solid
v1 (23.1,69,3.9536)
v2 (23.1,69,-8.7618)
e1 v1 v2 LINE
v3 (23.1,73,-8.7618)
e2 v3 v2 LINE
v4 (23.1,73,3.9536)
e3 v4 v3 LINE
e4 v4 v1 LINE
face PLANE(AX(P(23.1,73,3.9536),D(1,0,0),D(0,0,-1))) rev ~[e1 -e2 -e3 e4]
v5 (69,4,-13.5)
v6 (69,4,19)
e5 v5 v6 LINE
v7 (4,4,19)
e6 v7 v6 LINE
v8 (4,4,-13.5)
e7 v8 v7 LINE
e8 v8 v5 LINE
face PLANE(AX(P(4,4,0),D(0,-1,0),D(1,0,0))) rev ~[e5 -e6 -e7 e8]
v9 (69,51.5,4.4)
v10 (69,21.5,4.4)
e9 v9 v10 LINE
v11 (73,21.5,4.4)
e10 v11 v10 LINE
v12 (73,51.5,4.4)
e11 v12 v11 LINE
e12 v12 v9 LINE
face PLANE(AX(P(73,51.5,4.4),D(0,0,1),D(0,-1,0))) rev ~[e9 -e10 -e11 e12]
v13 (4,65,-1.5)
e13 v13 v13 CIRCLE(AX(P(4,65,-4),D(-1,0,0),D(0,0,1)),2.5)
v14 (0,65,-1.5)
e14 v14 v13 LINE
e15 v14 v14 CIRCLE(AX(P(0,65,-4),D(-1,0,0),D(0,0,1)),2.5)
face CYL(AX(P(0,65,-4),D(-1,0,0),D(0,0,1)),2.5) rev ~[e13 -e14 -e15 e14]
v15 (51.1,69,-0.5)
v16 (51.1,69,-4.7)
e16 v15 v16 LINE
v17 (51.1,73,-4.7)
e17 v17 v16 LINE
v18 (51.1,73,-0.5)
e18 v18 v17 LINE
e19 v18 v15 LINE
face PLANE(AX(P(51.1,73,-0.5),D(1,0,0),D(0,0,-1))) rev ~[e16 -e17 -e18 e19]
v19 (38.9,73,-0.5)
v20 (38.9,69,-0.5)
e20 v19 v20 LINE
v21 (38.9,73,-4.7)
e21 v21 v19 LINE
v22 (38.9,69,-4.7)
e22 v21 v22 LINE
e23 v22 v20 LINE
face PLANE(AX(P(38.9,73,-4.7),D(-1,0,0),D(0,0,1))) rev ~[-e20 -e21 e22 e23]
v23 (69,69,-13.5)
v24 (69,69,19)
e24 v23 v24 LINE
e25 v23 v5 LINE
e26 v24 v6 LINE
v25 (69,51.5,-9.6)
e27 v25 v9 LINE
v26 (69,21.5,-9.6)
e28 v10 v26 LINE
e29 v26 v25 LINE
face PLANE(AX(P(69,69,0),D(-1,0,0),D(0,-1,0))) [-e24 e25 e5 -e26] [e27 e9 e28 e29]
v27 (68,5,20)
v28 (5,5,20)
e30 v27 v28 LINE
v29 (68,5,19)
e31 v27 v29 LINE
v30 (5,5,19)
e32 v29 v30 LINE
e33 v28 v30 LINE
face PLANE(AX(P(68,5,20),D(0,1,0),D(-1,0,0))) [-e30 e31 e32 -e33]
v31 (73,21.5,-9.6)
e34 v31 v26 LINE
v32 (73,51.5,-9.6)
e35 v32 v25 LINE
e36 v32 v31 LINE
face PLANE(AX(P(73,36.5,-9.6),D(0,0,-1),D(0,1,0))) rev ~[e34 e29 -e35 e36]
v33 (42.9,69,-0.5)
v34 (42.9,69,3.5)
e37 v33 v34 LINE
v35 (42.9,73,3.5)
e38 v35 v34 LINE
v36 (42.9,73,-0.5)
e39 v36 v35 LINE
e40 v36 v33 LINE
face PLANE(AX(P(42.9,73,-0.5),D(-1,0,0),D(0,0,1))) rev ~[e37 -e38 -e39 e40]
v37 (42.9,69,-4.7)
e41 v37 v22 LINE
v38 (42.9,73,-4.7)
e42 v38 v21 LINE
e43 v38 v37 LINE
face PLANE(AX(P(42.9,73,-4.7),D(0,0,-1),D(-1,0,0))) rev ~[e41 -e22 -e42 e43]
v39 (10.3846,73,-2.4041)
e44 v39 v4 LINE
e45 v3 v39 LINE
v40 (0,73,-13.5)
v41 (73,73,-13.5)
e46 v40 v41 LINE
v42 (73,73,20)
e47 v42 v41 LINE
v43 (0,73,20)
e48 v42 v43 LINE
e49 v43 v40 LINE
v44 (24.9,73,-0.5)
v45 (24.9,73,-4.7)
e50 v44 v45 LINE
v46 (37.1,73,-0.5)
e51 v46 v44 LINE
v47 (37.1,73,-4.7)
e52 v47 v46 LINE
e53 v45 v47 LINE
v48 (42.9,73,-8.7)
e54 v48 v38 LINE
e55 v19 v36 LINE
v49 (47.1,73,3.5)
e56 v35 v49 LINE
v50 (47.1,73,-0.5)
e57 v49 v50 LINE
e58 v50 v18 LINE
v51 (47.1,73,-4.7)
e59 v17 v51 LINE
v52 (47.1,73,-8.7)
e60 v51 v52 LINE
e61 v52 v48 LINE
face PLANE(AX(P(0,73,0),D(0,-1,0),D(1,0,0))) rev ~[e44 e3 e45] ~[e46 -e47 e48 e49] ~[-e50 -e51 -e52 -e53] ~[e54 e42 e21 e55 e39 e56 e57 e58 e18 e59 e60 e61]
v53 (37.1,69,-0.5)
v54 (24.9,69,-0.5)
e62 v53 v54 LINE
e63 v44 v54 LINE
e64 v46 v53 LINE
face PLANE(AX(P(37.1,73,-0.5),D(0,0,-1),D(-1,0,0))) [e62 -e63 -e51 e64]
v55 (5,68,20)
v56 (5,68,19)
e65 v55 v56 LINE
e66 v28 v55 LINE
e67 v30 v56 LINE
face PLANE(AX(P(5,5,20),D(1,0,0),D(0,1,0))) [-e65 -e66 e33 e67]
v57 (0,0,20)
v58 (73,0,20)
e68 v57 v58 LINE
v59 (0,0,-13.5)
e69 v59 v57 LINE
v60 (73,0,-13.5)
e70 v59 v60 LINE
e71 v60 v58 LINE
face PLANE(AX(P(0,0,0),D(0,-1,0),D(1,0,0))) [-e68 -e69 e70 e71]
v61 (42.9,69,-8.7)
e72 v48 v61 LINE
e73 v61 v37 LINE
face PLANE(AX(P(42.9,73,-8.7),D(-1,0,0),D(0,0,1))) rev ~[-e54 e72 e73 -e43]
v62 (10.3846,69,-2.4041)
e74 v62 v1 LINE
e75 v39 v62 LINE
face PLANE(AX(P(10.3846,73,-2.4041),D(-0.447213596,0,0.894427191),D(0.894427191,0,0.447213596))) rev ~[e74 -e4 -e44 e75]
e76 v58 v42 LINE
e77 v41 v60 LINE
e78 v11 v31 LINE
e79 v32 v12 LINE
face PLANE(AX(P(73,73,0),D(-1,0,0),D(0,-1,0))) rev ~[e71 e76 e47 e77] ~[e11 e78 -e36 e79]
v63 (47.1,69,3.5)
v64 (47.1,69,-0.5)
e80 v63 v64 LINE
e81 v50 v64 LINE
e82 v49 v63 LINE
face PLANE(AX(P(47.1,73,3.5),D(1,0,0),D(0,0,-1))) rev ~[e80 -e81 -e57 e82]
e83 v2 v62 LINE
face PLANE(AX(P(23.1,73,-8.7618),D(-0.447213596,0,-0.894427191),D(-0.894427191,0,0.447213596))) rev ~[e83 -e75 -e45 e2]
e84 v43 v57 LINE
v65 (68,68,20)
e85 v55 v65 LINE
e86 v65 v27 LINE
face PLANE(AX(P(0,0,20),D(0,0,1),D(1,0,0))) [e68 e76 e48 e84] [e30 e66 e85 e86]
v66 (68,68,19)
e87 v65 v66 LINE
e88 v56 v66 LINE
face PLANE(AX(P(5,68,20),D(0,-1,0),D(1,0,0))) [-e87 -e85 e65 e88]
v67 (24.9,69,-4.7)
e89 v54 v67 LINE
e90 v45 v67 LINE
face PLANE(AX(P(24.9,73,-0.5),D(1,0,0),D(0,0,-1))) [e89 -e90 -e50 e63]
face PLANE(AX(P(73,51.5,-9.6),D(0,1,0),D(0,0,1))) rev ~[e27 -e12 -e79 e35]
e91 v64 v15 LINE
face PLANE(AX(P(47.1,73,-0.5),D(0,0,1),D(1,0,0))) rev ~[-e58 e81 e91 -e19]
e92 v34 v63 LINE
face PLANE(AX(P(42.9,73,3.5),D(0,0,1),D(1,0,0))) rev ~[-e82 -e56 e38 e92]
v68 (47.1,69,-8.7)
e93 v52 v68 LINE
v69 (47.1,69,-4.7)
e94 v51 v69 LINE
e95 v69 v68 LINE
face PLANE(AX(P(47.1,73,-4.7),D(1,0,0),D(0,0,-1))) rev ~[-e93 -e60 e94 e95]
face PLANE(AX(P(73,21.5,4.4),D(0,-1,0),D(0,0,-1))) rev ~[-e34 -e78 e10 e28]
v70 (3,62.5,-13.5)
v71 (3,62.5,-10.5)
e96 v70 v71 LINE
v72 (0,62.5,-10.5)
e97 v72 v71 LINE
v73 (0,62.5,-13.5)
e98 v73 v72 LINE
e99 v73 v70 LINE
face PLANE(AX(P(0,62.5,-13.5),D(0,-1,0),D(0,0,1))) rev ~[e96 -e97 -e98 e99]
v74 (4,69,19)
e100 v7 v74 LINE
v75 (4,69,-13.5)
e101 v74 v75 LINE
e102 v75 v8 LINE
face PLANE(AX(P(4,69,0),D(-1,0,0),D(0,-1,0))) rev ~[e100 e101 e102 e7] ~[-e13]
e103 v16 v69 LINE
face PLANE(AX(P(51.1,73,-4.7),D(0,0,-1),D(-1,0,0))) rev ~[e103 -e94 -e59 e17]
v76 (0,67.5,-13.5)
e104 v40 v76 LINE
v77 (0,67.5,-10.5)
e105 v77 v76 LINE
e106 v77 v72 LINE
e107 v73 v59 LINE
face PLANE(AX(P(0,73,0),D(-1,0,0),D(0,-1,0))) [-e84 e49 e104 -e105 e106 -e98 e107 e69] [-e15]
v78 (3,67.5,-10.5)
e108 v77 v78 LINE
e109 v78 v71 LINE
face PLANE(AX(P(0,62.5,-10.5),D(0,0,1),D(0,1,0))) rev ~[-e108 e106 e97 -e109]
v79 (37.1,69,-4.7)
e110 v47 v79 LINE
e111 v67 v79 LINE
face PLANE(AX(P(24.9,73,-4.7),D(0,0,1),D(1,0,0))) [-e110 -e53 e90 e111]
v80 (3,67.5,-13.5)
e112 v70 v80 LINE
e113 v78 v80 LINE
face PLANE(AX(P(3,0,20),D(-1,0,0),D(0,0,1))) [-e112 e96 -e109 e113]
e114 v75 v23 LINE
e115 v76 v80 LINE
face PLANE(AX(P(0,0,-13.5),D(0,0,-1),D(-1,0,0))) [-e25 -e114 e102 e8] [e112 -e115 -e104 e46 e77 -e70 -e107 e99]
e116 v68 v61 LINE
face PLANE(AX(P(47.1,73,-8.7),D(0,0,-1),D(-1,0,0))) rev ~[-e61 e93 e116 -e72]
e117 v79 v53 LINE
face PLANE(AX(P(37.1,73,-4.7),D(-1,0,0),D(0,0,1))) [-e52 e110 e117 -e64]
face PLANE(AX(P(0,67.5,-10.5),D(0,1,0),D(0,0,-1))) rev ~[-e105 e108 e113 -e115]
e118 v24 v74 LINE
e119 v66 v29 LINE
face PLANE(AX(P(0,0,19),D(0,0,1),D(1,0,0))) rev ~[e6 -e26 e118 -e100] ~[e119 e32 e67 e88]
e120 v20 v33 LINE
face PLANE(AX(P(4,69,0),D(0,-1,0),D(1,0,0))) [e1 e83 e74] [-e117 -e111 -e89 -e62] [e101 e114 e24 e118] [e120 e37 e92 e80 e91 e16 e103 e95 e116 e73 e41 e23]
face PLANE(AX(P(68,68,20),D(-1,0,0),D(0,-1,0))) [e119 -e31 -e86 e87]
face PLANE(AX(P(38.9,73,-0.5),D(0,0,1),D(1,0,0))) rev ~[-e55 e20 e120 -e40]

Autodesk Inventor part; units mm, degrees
ref_plane "YZ Plane" through (0, 0, 0) normal (1, 0, 0) x (0, 1, 0)
ref_plane "XZ Plane" through (0, 0, 0) normal (0, 1, 0) x (-1, 0, 0)
ref_plane "XY Plane" through (0, 0, 0) normal (0, 0, 1) x (1, 0, 0)
sketch "Sketch2" plane through (0, 0, 0) normal (0, 0, 1) x (1, 0, 0)
  line L0 (0, 0) -> (73, 0)
  line L1 (73, 0) -> (73, 73)
  line L2 (73, 73) -> (0, 73)
  line L3 (0, 73) -> (0, 0)
  dimension "d2" = 73
  dimension "d3" = 73
extrude "Extrusion1" add sketch "Sketch2" along normal blind 20
sketch "Sketch3" plane through (0, 0, 0) normal (0, 0, -1) x (-1, 0, 0)
  line L0 (-73, 73) -> (0, 73) projected
  line L1 (0, 73) -> (0, 0) projected
  line L2 (-73, 73) -> (0, 73)
  line L3 (0, 73) -> (0, 0)
  line L4 (0, 0) -> (-73, 0)
  line L5 (-73, 0) -> (-73, 73)
  line L6 (-69, 69) -> (-4, 69)
  line L7 (-4, 69) -> (-4, 4)
  line L8 (-4, 4) -> (-69, 4)
  line L9 (-69, 4) -> (-69, 69)
  dimension "d6" = 4
extrude "Extrusion2" cut sketch "Sketch3" against normal blind 20 contours L6 L7 L8 L9
sketch "Sketch4" plane through (0, 0, 20) normal (0, 0, 1) x (1, 0, 0)
  line L0 (4, 4) -> (4, 69) projected
  line L1 (69, 69) -> (69, 4) projected
  line L2 (4, 4) -> (69, 4)
  line L3 (69, 4) -> (69, 69)
  line L4 (69, 69) -> (4, 69)
  line L5 (4, 69) -> (4, 4)
  line L6 (5, 68) -> (68, 68)
  line L7 (68, 68) -> (68, 5)
  line L8 (68, 5) -> (5, 5)
  line L9 (5, 5) -> (5, 68)
  point P0 (0, 0)
  point P1 (69, 4)
  point P2 (4, 69)
  dimension "d9" = 1
extrude "Extrusion3" add sketch "Sketch4" against normal blind 1
sketch "Sketch5" plane through (0, 0, 0) normal (0, 0, -1) x (-1, 0, 0)
  line L0 (-4, 69) -> (-4, 4) projected
  line L1 (-4, 4) -> (-69, 4) projected
  line L2 (-4, 69) -> (-69, 69)
  line L3 (-69, 69) -> (-69, 4)
  line L4 (-69, 4) -> (-4, 4)
  line L5 (-4, 4) -> (-4, 69)
  line L6 (0, 73) -> (0, 0) projected
  line L7 (0, 0) -> (-73, 0) projected
  line L8 (0, 73) -> (-73, 73)
  line L9 (-73, 73) -> (-73, 0)
  line L10 (-73, 0) -> (0, 0)
  line L11 (0, 0) -> (0, 73)
extrude "Extrusion4" add sketch "Sketch5" along normal blind 13.5
sketch "Sketch7" plane through (73, 0, 20) normal (1, 0, 0) x (0, 0, -1)
  line L0 (33.5, 69) -> (33.5, 4) projected
  line L1 (29.6, 36.5) -> (29.6, 51.5)
  line L2 (29.6, 51.5) -> (15.6, 51.5)
  line L3 (15.6, 51.5) -> (15.6, 21.5)
  line L4 (15.6, 21.5) -> (29.6, 21.5)
  line L5 (29.6, 21.5) -> (29.6, 36.5)
  point P0 (20, 0)
  dimension "d43" = 15
  dimension "d44" = 14
  dimension "d45" = 30
extrude "Extrusion5" cut sketch "Sketch7" against normal blind 4
sketch "Sketch8" plane through (0, 0, 20) normal (-1, 0, 0) x (0, 0, 1)
  circle A0 centre (-24, 65) radius 2.5
  point P0 (-20, 0)
  point P1 (-33.5, 69)
  dimension "d106" = 5
extrude "Extrusion6" cut sketch "Sketch8" against normal blind 4
sketch "Sketch10" plane through (0, 73, 20) normal (0, 1, 0) x (1, 0, 0)
  line L0 (0, 0) -> (73, 0) projected
  line L1 (73, 33.5) -> (0, 33.5) projected
  line L2 (0, 33.5) -> (0, 0) projected
  line L3 (4, 33.5) -> (4, 1) projected
  line L4 (51.2, 20.4) -> (47.2, 20.4)
  line L5 (47.2, 20.4) -> (47.2, 16.4)
  line L6 (47.2, 16.4) -> (42.8, 16.4)
  line L7 (42.8, 16.4) -> (42.8, 20.4)
  line L8 (42.8, 20.4) -> (38.8, 20.4)
  line L9 (38.8, 20.4) -> (38.8, 24.8)
  line L10 (38.8, 24.8) -> (42.8, 24.8)
  line L11 (42.8, 24.8) -> (42.8, 28.8)
  line L12 (42.8, 28.8) -> (47.2, 28.8)
  line L13 (47.2, 28.8) -> (47.2, 24.8)
  line L14 (47.2, 24.8) -> (51.2, 24.8)
  line L15 (51.2, 24.8) -> (51.2, 20.4)
  line L16 (24.8, 20.4) -> (37.2, 20.4)
  line L17 (37.2, 20.4) -> (37.2, 24.8)
  line L18 (37.2, 24.8) -> (24.8, 24.8)
  line L19 (24.8, 24.8) -> (24.8, 20.4)
  line L20 (10.161, 22.4041) -> (23.2, 28.9236)
  line L21 (23.2, 28.9236) -> (23.2, 15.8846)
  line L22 (23.2, 15.8846) -> (10.161, 22.4041)
  line L23 (23.1, 28.7618) -> (10.3846, 22.4041)
  line L24 (10.3846, 22.4041) -> (23.1, 16.0464)
  line L25 (23.1, 16.0464) -> (23.1, 28.7618)
  line L26 (24.9, 24.7) -> (37.1, 24.7)
  line L27 (37.1, 24.7) -> (37.1, 20.5)
  line L28 (37.1, 20.5) -> (24.9, 20.5)
  line L29 (24.9, 20.5) -> (24.9, 24.7)
  line L30 (42.9, 24.7) -> (38.9, 24.7)
  line L31 (38.9, 24.7) -> (38.9, 20.5)
  line L32 (38.9, 20.5) -> (42.9, 20.5)
  line L33 (42.9, 20.5) -> (42.9, 16.5)
  line L34 (42.9, 16.5) -> (47.1, 16.5)
  line L35 (47.1, 16.5) -> (47.1, 20.5)
  line L36 (47.1, 20.5) -> (51.1, 20.5)
  line L37 (51.1, 20.5) -> (51.1, 24.7)
  line L38 (51.1, 24.7) -> (47.1, 24.7)
  line L39 (47.1, 24.7) -> (47.1, 28.7)
  line L40 (47.1, 28.7) -> (42.9, 28.7)
  line L41 (42.9, 28.7) -> (42.9, 24.7)
  point P0 (0, 20)
  dimension "d95" = 0.1
  dimension "d96" = 0.1
  dimension "d97" = 0.1
extrude "Extrusion8" cut sketch "Sketch10" against normal blind 4 contours L4 L5 L6 L7 L8 L9 L10 L11 L12 L13 L14 L15 | L19 L18 L17 L16 | L20 L21 L22 | L25 L24 L23 | L26 L27 L28 L29 | L41 L40 L39 L38 L37 L36 L35 L34 L33 L32 L31 L30
extrude "Extrusion9" add sketch "Sketch10" against normal blind 4
sketch "Sketch11" plane through (0, 0, 20) normal (-1, 0, 0) x (0, 0, 1)
  circle A0 centre (-24, 65) radius 2.5 projected
  line L0 (-33.5, 4) -> (-33.5, 69) projected
  line L1 (-33.5, 65) -> (-33.5, 62.5)
  line L2 (-33.5, 62.5) -> (-30.5, 62.5)
  line L3 (-30.5, 62.5) -> (-30.5, 65)
  line L4 (-30.5, 65) -> (-30.5, 67.5)
  line L5 (-30.5, 67.5) -> (-33.5, 67.5)
  line L6 (-33.5, 67.5) -> (-33.5, 65)
  point P0 (-20, 0)
  dimension "d100" = 2.5
  dimension "d101" = 3
  dimension "d102" = 2.5
  dimension "d103" = 2.5
extrude "Extrusion10" cut sketch "Sketch11" against normal blind 3 contours L0 L5 L4 L3 L2
properties part number "Case"
